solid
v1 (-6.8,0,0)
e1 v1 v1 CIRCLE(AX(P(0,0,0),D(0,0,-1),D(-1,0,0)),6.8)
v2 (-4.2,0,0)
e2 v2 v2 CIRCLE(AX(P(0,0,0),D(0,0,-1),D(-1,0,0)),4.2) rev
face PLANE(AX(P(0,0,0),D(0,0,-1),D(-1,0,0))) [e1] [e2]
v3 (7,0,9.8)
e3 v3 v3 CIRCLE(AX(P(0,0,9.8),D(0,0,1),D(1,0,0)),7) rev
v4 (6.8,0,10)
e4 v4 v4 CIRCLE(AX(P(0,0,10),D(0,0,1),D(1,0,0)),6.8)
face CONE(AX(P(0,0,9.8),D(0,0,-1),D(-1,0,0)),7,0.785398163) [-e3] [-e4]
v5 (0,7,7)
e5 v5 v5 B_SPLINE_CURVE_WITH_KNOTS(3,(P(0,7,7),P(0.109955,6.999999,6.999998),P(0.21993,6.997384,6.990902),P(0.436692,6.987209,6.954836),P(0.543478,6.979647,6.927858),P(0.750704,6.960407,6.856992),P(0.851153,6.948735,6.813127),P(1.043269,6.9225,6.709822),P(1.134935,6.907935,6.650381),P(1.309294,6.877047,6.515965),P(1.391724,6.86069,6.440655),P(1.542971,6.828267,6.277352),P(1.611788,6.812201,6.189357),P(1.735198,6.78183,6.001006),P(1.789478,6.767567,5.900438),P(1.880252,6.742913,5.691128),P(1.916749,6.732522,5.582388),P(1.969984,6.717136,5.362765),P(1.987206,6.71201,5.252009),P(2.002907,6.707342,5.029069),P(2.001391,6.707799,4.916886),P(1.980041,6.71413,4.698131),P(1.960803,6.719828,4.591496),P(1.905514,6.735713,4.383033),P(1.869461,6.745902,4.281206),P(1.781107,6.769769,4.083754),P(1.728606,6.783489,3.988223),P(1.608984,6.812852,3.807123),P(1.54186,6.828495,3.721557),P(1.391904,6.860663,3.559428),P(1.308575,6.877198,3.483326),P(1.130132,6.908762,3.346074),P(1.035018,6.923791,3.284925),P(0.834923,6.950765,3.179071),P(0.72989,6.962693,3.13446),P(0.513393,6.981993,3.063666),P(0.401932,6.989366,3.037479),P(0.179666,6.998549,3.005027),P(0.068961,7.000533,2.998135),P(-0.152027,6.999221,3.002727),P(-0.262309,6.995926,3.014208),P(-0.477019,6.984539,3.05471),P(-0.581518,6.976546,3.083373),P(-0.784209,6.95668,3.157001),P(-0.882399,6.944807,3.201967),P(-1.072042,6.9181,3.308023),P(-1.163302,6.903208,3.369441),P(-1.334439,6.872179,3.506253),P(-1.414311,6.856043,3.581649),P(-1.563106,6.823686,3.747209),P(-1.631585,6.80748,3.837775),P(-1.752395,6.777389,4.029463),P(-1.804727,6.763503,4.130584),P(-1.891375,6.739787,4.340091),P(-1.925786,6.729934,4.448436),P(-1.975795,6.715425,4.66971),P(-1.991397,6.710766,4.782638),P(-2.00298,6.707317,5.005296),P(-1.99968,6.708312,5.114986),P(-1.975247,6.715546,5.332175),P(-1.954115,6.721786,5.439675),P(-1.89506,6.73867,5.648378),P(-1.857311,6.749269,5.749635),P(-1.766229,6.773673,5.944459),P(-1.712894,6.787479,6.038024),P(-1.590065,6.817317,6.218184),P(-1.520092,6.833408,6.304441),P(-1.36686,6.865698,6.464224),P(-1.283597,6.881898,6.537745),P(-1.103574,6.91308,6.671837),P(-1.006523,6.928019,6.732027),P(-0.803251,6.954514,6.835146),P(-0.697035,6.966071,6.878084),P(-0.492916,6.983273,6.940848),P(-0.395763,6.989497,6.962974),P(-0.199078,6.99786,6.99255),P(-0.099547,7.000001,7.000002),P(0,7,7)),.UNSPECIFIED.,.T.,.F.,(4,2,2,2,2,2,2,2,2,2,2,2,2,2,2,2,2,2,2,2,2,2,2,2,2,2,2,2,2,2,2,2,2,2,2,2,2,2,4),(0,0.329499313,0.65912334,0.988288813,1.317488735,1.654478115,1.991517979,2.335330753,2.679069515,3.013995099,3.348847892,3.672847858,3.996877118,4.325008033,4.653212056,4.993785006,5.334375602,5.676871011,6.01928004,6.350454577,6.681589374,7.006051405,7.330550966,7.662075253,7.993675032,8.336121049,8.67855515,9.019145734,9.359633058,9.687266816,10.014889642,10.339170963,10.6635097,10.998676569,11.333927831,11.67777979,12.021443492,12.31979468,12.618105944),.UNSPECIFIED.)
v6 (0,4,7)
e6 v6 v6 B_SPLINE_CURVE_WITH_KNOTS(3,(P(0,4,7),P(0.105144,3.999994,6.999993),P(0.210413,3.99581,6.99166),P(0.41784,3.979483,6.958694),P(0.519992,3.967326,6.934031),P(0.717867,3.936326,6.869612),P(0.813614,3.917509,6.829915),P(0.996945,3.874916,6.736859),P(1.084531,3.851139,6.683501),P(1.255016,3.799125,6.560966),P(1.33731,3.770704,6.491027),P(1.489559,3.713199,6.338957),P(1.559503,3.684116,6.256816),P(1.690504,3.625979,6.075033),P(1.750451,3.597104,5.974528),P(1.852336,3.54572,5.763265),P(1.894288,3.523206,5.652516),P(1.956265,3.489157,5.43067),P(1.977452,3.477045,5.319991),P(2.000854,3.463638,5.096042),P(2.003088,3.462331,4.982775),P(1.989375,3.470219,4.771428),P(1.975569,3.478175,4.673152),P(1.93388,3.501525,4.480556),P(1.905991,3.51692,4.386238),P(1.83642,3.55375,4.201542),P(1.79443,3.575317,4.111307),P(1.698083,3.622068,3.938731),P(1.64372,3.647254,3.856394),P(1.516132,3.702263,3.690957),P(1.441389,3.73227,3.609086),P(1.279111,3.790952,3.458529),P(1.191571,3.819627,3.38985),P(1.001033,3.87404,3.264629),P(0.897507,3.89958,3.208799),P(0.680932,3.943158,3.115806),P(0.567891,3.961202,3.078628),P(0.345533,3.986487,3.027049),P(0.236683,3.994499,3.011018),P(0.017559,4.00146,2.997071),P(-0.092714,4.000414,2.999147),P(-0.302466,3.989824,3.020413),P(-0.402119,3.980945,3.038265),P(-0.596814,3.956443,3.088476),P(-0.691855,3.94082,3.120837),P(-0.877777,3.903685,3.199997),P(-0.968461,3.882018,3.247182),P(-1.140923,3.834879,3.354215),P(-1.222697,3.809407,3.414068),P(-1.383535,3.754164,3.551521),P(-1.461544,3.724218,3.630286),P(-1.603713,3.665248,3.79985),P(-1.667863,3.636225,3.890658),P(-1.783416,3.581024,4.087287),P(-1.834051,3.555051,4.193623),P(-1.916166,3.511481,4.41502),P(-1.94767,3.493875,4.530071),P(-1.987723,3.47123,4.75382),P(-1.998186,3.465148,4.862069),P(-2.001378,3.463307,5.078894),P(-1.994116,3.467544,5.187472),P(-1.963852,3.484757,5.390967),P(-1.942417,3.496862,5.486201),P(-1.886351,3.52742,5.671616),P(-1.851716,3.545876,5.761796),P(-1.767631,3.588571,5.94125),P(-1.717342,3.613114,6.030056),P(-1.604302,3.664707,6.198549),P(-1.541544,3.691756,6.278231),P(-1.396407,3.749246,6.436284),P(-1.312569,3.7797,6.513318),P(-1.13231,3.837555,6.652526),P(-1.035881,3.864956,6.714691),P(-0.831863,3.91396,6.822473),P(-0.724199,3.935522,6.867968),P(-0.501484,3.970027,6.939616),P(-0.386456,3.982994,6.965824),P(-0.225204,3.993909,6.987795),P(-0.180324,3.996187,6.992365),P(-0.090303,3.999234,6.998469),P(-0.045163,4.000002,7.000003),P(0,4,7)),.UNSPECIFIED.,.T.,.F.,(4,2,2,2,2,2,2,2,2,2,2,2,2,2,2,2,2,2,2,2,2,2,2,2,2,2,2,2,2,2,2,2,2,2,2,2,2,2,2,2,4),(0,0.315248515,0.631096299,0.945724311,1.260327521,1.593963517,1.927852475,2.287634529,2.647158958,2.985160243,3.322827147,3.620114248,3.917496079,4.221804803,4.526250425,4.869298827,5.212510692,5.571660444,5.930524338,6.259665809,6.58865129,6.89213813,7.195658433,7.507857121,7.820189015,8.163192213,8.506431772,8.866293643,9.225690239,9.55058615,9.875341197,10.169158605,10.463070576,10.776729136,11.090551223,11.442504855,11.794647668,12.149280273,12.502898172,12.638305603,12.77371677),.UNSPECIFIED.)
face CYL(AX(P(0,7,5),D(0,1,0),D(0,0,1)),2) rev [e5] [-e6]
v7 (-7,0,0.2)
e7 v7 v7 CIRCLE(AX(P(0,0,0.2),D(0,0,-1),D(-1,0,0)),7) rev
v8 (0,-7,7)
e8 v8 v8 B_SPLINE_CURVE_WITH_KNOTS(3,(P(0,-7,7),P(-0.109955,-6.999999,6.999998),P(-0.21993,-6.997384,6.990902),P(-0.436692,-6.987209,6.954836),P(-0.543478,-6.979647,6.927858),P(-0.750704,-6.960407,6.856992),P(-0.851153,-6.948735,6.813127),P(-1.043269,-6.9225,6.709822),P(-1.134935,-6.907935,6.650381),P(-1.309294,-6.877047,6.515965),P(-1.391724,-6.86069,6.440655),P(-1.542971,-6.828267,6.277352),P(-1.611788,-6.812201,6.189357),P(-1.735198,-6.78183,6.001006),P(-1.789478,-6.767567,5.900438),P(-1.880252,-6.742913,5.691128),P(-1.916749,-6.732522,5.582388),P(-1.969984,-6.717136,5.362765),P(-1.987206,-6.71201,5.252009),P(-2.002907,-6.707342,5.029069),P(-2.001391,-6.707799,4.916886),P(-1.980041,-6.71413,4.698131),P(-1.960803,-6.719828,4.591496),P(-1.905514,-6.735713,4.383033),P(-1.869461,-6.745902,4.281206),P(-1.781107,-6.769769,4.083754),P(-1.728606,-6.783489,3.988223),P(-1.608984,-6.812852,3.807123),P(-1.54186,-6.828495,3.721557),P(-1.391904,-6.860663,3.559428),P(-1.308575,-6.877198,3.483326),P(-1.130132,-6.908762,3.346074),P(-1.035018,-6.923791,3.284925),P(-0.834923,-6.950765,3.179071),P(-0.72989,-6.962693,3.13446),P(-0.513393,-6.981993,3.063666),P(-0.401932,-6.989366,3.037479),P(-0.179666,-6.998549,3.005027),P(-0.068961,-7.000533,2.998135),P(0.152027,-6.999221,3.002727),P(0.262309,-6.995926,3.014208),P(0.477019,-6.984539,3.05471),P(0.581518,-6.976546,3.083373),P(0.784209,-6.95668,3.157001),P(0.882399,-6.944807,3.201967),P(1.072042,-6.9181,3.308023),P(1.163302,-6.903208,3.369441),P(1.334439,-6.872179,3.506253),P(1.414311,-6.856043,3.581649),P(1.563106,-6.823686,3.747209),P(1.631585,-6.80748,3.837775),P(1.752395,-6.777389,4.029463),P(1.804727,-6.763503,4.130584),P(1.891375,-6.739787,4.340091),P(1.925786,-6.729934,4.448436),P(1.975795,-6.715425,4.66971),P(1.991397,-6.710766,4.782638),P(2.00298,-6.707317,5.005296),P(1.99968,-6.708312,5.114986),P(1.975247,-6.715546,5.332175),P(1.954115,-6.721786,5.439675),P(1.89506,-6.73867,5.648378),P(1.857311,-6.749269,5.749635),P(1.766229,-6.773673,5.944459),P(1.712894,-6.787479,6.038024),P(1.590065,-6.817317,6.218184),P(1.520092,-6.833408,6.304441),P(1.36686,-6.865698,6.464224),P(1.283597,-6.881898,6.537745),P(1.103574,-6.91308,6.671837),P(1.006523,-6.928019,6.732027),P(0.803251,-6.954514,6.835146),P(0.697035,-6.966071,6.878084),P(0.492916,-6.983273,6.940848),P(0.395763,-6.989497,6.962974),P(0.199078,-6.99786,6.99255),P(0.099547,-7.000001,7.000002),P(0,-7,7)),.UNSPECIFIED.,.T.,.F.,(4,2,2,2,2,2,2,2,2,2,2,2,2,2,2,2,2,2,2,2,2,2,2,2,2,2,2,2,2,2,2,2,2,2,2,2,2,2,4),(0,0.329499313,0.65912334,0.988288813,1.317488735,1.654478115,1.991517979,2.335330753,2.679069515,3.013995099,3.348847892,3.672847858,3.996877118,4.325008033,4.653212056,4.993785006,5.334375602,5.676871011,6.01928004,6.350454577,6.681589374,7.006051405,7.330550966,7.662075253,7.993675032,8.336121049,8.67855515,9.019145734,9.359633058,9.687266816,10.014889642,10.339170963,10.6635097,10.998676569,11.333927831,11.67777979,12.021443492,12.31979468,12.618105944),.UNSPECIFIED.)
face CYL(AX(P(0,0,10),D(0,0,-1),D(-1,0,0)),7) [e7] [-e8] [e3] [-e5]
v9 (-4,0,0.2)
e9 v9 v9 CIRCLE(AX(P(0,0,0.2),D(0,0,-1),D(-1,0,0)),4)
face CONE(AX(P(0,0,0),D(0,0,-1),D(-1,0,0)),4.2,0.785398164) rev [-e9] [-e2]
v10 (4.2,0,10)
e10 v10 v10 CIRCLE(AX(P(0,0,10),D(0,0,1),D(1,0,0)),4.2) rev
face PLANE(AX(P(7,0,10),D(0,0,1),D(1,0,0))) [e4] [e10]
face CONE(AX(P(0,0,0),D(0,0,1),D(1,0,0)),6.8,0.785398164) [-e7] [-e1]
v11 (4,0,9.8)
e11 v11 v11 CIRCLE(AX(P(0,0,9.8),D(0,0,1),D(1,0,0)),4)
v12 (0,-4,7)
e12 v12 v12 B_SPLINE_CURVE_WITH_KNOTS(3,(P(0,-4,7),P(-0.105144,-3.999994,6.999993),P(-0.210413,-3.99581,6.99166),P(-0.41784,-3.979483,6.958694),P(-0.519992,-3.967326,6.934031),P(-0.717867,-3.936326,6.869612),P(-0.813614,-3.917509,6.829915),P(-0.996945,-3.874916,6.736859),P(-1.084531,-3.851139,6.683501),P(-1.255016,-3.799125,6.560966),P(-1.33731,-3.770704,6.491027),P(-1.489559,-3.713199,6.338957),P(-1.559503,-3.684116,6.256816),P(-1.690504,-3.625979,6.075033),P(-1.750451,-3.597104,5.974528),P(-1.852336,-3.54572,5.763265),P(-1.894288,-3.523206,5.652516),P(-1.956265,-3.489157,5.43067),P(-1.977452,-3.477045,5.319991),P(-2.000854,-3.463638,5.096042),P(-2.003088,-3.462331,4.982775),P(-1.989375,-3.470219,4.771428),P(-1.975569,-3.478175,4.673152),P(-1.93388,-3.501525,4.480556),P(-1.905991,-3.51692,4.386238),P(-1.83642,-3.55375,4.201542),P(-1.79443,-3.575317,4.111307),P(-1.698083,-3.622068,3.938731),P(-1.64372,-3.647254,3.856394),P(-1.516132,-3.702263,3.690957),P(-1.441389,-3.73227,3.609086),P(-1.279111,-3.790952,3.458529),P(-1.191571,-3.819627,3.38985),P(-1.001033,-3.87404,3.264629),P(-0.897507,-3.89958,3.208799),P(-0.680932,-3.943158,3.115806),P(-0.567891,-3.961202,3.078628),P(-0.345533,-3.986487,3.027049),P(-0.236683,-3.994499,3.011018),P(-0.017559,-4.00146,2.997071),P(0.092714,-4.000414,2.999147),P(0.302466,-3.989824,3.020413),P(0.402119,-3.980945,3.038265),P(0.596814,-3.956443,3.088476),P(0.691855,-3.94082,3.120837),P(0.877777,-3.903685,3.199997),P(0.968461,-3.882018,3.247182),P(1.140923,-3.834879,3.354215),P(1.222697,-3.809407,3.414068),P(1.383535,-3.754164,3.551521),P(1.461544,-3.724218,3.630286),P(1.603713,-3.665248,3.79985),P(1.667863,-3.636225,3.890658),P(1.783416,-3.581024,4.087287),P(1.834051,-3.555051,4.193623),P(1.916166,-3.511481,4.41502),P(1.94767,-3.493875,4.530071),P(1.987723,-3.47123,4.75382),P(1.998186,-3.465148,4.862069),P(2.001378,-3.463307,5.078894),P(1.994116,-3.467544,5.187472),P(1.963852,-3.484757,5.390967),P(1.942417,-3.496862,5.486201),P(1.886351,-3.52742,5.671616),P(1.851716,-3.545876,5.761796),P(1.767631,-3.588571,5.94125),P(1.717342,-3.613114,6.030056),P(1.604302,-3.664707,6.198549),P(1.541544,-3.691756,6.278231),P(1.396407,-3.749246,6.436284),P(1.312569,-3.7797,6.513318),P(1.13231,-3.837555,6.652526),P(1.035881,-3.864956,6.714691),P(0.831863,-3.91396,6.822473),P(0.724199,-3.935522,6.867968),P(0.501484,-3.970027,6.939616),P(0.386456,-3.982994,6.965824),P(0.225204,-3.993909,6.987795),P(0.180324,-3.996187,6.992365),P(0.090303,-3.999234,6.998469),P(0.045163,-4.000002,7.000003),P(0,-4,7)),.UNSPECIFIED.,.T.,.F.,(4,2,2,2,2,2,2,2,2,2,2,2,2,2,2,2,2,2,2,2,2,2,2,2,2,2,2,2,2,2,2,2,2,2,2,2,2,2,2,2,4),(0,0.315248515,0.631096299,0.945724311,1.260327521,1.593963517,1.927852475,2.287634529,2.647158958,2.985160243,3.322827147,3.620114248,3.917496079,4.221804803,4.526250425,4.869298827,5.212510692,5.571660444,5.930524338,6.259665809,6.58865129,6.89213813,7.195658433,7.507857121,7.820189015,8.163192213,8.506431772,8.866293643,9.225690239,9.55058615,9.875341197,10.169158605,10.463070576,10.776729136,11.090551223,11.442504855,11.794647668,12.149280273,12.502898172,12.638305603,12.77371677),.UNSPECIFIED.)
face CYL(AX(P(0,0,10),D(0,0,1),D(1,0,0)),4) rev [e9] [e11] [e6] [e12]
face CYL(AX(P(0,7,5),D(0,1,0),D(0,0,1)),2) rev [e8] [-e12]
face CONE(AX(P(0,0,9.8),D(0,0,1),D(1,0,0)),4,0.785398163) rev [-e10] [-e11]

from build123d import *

# Parameters (mm, degrees)
SKETCH1_W                    = 7
SKETCH1_H                    = 10
F_8_0_8_DIAMETER_HOLE1_D     = 8
F_4_0_4_DIAMETER_HOLE1_D     = 4
F_4_0_4_DIAMETER_HOLE1_DEPTH = 17.535898385
CHAMFER1_SIZE                = 0.2


with BuildPart() as part:
    # Sketch1 → Revolve1 (revolve)
    with BuildSketch(Plane.XZ, mode=Mode.PRIVATE) as revolve1_sk:
        with Locations((3.5, 5)):
            Rectangle(SKETCH1_W, SKETCH1_H)
    revolve(revolve1_sk.sketch.rotate(Axis((0, 0, 10), (0, 0, -1)), 180), axis=Axis((0, 0, 10), (0, 0, -1)))

    # Ø8.0 (8) Diameter Hole1 (through all)
    with Locations(Plane.XY.offset(10)):
        with Locations((0, 0)):
            Hole(F_8_0_8_DIAMETER_HOLE1_D / 2)

    # Ø4.0 (4) Diameter Hole1
    with Locations(Plane(origin=(0, 7, 5), x_dir=(1, 0, 0), z_dir=(0, 1, 0))):
        with Locations((0, 0)):
            Hole(F_4_0_4_DIAMETER_HOLE1_D / 2, depth=F_4_0_4_DIAMETER_HOLE1_DEPTH)

    # Chamfer1
    chamfer1_edges = [part.edges().sort_by_distance(p)[0] for p in [
        (4, 0, 10),
        (4, 0, 0),
        (7, 0, 0),
        (7, 0, 10),
    ]]
    chamfer(chamfer1_edges, length=CHAMFER1_SIZE)


solid = part.part
